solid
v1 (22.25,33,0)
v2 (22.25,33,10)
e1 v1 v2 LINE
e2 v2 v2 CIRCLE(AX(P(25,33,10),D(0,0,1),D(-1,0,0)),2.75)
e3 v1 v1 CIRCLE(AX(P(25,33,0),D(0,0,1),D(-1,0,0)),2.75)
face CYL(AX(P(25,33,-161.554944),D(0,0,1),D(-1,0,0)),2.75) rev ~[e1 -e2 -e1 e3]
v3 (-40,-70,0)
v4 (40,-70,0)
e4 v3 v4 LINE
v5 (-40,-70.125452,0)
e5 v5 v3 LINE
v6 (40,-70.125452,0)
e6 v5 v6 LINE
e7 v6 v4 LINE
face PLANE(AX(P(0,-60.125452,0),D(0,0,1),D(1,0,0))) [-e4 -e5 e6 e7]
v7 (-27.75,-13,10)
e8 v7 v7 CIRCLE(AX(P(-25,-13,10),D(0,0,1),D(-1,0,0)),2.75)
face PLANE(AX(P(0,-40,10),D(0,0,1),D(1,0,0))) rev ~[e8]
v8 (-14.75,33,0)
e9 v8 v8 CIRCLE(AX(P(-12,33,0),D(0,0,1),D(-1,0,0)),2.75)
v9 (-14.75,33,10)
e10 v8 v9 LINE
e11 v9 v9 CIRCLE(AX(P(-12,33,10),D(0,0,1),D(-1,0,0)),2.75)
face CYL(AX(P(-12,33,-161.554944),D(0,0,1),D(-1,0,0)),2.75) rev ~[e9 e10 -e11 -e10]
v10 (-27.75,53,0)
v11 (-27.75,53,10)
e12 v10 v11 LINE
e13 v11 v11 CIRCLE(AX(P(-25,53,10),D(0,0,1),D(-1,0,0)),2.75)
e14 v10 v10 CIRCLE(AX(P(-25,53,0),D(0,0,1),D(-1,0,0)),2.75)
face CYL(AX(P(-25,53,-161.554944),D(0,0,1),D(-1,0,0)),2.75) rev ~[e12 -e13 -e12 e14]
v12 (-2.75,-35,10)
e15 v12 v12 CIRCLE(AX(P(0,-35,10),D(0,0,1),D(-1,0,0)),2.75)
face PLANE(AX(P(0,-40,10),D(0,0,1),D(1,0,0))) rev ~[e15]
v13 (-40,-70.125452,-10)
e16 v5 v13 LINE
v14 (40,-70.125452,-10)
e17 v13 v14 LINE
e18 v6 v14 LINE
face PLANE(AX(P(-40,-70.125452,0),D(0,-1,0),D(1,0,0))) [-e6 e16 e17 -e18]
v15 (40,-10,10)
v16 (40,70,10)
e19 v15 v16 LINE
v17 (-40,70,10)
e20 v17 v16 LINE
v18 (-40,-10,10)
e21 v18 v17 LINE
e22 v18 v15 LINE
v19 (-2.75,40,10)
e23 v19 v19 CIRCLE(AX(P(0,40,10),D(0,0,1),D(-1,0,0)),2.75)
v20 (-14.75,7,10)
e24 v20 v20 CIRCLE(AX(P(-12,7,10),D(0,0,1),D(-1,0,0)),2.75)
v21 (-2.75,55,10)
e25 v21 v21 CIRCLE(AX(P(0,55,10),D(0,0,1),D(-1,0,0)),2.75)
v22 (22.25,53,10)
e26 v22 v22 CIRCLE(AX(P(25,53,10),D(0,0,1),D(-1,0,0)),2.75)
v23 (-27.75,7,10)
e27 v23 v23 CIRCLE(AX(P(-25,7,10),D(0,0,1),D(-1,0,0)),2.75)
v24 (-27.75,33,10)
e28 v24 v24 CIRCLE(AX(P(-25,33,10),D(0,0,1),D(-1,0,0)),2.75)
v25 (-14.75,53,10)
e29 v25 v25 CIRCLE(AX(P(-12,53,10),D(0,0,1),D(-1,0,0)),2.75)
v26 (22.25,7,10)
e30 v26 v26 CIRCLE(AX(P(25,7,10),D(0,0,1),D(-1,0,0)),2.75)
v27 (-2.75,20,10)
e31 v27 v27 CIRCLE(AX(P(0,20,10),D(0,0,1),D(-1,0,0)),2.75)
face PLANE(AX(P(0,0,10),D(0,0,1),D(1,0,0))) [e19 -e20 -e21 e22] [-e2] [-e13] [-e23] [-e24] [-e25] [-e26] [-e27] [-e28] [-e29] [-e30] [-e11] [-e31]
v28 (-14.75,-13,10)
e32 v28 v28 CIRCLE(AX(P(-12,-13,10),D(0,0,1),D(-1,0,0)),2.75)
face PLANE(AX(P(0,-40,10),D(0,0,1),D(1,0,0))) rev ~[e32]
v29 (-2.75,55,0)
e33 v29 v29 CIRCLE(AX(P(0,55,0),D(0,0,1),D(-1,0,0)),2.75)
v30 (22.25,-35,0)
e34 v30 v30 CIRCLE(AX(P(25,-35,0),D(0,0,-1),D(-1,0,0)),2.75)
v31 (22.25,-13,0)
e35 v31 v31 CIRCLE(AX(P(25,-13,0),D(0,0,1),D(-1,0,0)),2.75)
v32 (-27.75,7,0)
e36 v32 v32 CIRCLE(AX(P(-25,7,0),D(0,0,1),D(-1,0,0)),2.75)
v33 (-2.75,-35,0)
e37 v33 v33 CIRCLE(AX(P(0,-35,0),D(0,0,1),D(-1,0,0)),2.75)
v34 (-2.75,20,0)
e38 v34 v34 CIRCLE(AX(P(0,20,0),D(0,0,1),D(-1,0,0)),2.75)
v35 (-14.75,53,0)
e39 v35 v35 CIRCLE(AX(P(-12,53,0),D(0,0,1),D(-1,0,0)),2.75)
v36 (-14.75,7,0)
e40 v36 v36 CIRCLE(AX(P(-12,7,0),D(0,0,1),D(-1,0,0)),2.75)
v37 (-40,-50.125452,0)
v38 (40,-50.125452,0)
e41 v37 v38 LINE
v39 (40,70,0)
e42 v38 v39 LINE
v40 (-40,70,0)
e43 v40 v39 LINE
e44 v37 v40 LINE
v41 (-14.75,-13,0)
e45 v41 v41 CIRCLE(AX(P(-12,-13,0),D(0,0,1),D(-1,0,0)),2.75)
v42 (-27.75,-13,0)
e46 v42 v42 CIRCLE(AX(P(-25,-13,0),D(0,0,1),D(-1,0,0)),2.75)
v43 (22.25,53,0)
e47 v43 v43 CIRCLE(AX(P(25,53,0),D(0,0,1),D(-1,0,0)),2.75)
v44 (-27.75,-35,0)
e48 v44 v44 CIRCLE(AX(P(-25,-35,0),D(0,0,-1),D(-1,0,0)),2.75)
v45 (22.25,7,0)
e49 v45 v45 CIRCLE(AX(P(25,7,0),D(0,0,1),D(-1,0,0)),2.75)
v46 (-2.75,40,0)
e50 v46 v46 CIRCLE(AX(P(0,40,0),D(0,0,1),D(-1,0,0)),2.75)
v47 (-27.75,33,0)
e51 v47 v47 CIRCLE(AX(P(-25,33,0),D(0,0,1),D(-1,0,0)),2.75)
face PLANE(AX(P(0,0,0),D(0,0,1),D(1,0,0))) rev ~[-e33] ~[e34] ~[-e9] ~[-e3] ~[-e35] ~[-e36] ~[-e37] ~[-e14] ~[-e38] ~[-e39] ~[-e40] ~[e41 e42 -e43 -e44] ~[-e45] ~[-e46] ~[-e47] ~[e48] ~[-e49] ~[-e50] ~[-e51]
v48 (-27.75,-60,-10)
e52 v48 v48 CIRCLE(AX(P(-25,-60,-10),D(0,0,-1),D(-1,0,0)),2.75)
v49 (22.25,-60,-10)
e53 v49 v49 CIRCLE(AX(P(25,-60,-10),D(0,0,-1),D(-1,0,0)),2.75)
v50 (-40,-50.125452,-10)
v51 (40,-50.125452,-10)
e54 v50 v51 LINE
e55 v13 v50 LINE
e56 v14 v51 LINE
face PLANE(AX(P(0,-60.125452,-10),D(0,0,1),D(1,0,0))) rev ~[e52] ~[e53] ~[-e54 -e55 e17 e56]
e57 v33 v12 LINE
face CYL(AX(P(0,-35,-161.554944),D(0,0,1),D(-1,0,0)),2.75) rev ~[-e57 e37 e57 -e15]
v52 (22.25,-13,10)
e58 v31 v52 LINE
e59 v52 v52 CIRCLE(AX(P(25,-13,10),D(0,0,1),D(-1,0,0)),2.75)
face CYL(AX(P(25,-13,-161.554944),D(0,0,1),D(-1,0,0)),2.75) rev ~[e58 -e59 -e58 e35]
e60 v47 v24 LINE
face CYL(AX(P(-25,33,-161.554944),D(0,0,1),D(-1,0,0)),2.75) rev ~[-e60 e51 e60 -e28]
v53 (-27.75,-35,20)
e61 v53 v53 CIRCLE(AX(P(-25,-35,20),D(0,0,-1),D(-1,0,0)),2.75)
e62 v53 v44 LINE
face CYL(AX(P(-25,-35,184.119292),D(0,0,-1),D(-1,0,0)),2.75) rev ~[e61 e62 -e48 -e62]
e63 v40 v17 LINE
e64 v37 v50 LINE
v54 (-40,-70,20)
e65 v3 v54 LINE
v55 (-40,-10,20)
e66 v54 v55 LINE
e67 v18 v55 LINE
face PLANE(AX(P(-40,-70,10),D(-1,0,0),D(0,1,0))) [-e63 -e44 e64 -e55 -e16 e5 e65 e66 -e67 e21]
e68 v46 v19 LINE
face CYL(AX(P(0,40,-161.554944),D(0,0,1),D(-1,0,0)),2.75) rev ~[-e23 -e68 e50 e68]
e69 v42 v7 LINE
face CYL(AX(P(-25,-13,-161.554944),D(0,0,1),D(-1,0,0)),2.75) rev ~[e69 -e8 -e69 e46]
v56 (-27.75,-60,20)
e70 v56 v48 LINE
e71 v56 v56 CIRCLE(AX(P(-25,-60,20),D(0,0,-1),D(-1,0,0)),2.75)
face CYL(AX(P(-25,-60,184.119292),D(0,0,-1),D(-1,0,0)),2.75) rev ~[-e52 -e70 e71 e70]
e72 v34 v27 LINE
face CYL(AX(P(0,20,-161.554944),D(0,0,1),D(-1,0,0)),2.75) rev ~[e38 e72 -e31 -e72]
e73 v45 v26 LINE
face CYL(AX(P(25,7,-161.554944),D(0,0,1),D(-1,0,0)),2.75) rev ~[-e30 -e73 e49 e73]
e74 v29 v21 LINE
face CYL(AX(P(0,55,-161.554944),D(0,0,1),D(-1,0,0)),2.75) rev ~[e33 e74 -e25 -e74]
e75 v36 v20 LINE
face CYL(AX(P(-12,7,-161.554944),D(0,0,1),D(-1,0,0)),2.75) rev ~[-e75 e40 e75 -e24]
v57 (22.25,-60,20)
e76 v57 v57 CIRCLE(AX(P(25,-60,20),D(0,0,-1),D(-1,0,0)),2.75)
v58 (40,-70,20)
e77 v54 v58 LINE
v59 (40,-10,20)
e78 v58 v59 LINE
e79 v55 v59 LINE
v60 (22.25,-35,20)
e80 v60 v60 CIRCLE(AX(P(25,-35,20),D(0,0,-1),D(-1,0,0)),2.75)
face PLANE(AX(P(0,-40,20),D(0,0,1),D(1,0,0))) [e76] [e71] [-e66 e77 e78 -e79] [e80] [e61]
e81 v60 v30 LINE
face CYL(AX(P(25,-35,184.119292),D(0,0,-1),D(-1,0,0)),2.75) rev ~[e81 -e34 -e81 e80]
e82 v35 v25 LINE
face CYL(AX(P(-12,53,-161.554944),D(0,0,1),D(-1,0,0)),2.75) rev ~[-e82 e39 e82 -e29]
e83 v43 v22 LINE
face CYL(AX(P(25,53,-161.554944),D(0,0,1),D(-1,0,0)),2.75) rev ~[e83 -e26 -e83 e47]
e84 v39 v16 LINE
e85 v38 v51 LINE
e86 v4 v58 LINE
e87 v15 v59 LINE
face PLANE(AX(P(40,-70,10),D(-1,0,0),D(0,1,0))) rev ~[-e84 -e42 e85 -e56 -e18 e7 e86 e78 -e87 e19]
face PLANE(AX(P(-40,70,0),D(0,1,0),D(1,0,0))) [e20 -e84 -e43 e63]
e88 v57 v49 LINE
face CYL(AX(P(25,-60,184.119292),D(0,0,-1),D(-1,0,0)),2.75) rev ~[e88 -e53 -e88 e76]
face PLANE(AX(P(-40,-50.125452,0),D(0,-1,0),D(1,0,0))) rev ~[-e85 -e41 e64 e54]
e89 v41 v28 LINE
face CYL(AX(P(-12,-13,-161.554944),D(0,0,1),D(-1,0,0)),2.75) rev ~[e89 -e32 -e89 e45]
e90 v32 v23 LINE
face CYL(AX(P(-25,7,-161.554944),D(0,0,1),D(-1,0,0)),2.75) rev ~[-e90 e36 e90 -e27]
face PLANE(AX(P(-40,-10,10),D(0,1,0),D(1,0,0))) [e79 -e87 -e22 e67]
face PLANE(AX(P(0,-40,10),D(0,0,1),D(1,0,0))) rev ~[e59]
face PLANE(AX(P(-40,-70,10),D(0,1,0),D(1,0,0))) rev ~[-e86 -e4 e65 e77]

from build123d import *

# Parameters (mm, degrees)
F0_W     = 80
F0_H     = 140
F1_DEPTH = 10
F2_D     = 5.5
F3_D     = 5.5
F4_W     = 80
F4_H     = 20
F5_DEPTH = 10
F6_W     = 80
F6_H     = 60
F7_DEPTH = 10
F9_D     = 5.5


with BuildPart() as f1:
    # F0 (on Top) → F1 (new body)
    with BuildSketch(Plane.XY):
        Rectangle(F0_W, F0_H)
    extrude(amount=F1_DEPTH)

    # F2 (through all)
    with Locations(Plane(origin=(0, 0, 0), x_dir=(1, 0, 0), z_dir=(0, 0, -1))):
        with Locations((25, -7), (25, 13), (25, -33), (25, -53), (-12, -53), (-12, -33), (-25, -33), (-25, -53), (-12, -7), (-25, -7), (-12, 13), (-25, 13)):
            Hole(F2_D / 2)

    # F3 (through all)
    with Locations(Plane(origin=(0, 0, 0), x_dir=(1, 0, 0), z_dir=(0, 0, -1))):
        with Locations((0, -40), (0, -55), (0, 35), (0, -20)):
            Hole(F3_D / 2)

    # F4 (on face) → F5 (join)
    with BuildSketch(Plane.XY):
        with Locations((0, -60.125451535)):
            Rectangle(F4_W, F4_H)
    extrude(amount=-F5_DEPTH)

    # F6 (on face) → F7 (join)
    with BuildSketch(Plane.XY.offset(10)):
        with Locations((0, -40)):
            Rectangle(F6_W, F6_H)
    extrude(amount=F7_DEPTH)

    # F9 (through all)
    with Locations(Plane.XY.offset(20)):
        with Locations((-25, -35), (25, -35), (-25, -60), (25, -60)):
            Hole(F9_D / 2)


solid = f1.part
